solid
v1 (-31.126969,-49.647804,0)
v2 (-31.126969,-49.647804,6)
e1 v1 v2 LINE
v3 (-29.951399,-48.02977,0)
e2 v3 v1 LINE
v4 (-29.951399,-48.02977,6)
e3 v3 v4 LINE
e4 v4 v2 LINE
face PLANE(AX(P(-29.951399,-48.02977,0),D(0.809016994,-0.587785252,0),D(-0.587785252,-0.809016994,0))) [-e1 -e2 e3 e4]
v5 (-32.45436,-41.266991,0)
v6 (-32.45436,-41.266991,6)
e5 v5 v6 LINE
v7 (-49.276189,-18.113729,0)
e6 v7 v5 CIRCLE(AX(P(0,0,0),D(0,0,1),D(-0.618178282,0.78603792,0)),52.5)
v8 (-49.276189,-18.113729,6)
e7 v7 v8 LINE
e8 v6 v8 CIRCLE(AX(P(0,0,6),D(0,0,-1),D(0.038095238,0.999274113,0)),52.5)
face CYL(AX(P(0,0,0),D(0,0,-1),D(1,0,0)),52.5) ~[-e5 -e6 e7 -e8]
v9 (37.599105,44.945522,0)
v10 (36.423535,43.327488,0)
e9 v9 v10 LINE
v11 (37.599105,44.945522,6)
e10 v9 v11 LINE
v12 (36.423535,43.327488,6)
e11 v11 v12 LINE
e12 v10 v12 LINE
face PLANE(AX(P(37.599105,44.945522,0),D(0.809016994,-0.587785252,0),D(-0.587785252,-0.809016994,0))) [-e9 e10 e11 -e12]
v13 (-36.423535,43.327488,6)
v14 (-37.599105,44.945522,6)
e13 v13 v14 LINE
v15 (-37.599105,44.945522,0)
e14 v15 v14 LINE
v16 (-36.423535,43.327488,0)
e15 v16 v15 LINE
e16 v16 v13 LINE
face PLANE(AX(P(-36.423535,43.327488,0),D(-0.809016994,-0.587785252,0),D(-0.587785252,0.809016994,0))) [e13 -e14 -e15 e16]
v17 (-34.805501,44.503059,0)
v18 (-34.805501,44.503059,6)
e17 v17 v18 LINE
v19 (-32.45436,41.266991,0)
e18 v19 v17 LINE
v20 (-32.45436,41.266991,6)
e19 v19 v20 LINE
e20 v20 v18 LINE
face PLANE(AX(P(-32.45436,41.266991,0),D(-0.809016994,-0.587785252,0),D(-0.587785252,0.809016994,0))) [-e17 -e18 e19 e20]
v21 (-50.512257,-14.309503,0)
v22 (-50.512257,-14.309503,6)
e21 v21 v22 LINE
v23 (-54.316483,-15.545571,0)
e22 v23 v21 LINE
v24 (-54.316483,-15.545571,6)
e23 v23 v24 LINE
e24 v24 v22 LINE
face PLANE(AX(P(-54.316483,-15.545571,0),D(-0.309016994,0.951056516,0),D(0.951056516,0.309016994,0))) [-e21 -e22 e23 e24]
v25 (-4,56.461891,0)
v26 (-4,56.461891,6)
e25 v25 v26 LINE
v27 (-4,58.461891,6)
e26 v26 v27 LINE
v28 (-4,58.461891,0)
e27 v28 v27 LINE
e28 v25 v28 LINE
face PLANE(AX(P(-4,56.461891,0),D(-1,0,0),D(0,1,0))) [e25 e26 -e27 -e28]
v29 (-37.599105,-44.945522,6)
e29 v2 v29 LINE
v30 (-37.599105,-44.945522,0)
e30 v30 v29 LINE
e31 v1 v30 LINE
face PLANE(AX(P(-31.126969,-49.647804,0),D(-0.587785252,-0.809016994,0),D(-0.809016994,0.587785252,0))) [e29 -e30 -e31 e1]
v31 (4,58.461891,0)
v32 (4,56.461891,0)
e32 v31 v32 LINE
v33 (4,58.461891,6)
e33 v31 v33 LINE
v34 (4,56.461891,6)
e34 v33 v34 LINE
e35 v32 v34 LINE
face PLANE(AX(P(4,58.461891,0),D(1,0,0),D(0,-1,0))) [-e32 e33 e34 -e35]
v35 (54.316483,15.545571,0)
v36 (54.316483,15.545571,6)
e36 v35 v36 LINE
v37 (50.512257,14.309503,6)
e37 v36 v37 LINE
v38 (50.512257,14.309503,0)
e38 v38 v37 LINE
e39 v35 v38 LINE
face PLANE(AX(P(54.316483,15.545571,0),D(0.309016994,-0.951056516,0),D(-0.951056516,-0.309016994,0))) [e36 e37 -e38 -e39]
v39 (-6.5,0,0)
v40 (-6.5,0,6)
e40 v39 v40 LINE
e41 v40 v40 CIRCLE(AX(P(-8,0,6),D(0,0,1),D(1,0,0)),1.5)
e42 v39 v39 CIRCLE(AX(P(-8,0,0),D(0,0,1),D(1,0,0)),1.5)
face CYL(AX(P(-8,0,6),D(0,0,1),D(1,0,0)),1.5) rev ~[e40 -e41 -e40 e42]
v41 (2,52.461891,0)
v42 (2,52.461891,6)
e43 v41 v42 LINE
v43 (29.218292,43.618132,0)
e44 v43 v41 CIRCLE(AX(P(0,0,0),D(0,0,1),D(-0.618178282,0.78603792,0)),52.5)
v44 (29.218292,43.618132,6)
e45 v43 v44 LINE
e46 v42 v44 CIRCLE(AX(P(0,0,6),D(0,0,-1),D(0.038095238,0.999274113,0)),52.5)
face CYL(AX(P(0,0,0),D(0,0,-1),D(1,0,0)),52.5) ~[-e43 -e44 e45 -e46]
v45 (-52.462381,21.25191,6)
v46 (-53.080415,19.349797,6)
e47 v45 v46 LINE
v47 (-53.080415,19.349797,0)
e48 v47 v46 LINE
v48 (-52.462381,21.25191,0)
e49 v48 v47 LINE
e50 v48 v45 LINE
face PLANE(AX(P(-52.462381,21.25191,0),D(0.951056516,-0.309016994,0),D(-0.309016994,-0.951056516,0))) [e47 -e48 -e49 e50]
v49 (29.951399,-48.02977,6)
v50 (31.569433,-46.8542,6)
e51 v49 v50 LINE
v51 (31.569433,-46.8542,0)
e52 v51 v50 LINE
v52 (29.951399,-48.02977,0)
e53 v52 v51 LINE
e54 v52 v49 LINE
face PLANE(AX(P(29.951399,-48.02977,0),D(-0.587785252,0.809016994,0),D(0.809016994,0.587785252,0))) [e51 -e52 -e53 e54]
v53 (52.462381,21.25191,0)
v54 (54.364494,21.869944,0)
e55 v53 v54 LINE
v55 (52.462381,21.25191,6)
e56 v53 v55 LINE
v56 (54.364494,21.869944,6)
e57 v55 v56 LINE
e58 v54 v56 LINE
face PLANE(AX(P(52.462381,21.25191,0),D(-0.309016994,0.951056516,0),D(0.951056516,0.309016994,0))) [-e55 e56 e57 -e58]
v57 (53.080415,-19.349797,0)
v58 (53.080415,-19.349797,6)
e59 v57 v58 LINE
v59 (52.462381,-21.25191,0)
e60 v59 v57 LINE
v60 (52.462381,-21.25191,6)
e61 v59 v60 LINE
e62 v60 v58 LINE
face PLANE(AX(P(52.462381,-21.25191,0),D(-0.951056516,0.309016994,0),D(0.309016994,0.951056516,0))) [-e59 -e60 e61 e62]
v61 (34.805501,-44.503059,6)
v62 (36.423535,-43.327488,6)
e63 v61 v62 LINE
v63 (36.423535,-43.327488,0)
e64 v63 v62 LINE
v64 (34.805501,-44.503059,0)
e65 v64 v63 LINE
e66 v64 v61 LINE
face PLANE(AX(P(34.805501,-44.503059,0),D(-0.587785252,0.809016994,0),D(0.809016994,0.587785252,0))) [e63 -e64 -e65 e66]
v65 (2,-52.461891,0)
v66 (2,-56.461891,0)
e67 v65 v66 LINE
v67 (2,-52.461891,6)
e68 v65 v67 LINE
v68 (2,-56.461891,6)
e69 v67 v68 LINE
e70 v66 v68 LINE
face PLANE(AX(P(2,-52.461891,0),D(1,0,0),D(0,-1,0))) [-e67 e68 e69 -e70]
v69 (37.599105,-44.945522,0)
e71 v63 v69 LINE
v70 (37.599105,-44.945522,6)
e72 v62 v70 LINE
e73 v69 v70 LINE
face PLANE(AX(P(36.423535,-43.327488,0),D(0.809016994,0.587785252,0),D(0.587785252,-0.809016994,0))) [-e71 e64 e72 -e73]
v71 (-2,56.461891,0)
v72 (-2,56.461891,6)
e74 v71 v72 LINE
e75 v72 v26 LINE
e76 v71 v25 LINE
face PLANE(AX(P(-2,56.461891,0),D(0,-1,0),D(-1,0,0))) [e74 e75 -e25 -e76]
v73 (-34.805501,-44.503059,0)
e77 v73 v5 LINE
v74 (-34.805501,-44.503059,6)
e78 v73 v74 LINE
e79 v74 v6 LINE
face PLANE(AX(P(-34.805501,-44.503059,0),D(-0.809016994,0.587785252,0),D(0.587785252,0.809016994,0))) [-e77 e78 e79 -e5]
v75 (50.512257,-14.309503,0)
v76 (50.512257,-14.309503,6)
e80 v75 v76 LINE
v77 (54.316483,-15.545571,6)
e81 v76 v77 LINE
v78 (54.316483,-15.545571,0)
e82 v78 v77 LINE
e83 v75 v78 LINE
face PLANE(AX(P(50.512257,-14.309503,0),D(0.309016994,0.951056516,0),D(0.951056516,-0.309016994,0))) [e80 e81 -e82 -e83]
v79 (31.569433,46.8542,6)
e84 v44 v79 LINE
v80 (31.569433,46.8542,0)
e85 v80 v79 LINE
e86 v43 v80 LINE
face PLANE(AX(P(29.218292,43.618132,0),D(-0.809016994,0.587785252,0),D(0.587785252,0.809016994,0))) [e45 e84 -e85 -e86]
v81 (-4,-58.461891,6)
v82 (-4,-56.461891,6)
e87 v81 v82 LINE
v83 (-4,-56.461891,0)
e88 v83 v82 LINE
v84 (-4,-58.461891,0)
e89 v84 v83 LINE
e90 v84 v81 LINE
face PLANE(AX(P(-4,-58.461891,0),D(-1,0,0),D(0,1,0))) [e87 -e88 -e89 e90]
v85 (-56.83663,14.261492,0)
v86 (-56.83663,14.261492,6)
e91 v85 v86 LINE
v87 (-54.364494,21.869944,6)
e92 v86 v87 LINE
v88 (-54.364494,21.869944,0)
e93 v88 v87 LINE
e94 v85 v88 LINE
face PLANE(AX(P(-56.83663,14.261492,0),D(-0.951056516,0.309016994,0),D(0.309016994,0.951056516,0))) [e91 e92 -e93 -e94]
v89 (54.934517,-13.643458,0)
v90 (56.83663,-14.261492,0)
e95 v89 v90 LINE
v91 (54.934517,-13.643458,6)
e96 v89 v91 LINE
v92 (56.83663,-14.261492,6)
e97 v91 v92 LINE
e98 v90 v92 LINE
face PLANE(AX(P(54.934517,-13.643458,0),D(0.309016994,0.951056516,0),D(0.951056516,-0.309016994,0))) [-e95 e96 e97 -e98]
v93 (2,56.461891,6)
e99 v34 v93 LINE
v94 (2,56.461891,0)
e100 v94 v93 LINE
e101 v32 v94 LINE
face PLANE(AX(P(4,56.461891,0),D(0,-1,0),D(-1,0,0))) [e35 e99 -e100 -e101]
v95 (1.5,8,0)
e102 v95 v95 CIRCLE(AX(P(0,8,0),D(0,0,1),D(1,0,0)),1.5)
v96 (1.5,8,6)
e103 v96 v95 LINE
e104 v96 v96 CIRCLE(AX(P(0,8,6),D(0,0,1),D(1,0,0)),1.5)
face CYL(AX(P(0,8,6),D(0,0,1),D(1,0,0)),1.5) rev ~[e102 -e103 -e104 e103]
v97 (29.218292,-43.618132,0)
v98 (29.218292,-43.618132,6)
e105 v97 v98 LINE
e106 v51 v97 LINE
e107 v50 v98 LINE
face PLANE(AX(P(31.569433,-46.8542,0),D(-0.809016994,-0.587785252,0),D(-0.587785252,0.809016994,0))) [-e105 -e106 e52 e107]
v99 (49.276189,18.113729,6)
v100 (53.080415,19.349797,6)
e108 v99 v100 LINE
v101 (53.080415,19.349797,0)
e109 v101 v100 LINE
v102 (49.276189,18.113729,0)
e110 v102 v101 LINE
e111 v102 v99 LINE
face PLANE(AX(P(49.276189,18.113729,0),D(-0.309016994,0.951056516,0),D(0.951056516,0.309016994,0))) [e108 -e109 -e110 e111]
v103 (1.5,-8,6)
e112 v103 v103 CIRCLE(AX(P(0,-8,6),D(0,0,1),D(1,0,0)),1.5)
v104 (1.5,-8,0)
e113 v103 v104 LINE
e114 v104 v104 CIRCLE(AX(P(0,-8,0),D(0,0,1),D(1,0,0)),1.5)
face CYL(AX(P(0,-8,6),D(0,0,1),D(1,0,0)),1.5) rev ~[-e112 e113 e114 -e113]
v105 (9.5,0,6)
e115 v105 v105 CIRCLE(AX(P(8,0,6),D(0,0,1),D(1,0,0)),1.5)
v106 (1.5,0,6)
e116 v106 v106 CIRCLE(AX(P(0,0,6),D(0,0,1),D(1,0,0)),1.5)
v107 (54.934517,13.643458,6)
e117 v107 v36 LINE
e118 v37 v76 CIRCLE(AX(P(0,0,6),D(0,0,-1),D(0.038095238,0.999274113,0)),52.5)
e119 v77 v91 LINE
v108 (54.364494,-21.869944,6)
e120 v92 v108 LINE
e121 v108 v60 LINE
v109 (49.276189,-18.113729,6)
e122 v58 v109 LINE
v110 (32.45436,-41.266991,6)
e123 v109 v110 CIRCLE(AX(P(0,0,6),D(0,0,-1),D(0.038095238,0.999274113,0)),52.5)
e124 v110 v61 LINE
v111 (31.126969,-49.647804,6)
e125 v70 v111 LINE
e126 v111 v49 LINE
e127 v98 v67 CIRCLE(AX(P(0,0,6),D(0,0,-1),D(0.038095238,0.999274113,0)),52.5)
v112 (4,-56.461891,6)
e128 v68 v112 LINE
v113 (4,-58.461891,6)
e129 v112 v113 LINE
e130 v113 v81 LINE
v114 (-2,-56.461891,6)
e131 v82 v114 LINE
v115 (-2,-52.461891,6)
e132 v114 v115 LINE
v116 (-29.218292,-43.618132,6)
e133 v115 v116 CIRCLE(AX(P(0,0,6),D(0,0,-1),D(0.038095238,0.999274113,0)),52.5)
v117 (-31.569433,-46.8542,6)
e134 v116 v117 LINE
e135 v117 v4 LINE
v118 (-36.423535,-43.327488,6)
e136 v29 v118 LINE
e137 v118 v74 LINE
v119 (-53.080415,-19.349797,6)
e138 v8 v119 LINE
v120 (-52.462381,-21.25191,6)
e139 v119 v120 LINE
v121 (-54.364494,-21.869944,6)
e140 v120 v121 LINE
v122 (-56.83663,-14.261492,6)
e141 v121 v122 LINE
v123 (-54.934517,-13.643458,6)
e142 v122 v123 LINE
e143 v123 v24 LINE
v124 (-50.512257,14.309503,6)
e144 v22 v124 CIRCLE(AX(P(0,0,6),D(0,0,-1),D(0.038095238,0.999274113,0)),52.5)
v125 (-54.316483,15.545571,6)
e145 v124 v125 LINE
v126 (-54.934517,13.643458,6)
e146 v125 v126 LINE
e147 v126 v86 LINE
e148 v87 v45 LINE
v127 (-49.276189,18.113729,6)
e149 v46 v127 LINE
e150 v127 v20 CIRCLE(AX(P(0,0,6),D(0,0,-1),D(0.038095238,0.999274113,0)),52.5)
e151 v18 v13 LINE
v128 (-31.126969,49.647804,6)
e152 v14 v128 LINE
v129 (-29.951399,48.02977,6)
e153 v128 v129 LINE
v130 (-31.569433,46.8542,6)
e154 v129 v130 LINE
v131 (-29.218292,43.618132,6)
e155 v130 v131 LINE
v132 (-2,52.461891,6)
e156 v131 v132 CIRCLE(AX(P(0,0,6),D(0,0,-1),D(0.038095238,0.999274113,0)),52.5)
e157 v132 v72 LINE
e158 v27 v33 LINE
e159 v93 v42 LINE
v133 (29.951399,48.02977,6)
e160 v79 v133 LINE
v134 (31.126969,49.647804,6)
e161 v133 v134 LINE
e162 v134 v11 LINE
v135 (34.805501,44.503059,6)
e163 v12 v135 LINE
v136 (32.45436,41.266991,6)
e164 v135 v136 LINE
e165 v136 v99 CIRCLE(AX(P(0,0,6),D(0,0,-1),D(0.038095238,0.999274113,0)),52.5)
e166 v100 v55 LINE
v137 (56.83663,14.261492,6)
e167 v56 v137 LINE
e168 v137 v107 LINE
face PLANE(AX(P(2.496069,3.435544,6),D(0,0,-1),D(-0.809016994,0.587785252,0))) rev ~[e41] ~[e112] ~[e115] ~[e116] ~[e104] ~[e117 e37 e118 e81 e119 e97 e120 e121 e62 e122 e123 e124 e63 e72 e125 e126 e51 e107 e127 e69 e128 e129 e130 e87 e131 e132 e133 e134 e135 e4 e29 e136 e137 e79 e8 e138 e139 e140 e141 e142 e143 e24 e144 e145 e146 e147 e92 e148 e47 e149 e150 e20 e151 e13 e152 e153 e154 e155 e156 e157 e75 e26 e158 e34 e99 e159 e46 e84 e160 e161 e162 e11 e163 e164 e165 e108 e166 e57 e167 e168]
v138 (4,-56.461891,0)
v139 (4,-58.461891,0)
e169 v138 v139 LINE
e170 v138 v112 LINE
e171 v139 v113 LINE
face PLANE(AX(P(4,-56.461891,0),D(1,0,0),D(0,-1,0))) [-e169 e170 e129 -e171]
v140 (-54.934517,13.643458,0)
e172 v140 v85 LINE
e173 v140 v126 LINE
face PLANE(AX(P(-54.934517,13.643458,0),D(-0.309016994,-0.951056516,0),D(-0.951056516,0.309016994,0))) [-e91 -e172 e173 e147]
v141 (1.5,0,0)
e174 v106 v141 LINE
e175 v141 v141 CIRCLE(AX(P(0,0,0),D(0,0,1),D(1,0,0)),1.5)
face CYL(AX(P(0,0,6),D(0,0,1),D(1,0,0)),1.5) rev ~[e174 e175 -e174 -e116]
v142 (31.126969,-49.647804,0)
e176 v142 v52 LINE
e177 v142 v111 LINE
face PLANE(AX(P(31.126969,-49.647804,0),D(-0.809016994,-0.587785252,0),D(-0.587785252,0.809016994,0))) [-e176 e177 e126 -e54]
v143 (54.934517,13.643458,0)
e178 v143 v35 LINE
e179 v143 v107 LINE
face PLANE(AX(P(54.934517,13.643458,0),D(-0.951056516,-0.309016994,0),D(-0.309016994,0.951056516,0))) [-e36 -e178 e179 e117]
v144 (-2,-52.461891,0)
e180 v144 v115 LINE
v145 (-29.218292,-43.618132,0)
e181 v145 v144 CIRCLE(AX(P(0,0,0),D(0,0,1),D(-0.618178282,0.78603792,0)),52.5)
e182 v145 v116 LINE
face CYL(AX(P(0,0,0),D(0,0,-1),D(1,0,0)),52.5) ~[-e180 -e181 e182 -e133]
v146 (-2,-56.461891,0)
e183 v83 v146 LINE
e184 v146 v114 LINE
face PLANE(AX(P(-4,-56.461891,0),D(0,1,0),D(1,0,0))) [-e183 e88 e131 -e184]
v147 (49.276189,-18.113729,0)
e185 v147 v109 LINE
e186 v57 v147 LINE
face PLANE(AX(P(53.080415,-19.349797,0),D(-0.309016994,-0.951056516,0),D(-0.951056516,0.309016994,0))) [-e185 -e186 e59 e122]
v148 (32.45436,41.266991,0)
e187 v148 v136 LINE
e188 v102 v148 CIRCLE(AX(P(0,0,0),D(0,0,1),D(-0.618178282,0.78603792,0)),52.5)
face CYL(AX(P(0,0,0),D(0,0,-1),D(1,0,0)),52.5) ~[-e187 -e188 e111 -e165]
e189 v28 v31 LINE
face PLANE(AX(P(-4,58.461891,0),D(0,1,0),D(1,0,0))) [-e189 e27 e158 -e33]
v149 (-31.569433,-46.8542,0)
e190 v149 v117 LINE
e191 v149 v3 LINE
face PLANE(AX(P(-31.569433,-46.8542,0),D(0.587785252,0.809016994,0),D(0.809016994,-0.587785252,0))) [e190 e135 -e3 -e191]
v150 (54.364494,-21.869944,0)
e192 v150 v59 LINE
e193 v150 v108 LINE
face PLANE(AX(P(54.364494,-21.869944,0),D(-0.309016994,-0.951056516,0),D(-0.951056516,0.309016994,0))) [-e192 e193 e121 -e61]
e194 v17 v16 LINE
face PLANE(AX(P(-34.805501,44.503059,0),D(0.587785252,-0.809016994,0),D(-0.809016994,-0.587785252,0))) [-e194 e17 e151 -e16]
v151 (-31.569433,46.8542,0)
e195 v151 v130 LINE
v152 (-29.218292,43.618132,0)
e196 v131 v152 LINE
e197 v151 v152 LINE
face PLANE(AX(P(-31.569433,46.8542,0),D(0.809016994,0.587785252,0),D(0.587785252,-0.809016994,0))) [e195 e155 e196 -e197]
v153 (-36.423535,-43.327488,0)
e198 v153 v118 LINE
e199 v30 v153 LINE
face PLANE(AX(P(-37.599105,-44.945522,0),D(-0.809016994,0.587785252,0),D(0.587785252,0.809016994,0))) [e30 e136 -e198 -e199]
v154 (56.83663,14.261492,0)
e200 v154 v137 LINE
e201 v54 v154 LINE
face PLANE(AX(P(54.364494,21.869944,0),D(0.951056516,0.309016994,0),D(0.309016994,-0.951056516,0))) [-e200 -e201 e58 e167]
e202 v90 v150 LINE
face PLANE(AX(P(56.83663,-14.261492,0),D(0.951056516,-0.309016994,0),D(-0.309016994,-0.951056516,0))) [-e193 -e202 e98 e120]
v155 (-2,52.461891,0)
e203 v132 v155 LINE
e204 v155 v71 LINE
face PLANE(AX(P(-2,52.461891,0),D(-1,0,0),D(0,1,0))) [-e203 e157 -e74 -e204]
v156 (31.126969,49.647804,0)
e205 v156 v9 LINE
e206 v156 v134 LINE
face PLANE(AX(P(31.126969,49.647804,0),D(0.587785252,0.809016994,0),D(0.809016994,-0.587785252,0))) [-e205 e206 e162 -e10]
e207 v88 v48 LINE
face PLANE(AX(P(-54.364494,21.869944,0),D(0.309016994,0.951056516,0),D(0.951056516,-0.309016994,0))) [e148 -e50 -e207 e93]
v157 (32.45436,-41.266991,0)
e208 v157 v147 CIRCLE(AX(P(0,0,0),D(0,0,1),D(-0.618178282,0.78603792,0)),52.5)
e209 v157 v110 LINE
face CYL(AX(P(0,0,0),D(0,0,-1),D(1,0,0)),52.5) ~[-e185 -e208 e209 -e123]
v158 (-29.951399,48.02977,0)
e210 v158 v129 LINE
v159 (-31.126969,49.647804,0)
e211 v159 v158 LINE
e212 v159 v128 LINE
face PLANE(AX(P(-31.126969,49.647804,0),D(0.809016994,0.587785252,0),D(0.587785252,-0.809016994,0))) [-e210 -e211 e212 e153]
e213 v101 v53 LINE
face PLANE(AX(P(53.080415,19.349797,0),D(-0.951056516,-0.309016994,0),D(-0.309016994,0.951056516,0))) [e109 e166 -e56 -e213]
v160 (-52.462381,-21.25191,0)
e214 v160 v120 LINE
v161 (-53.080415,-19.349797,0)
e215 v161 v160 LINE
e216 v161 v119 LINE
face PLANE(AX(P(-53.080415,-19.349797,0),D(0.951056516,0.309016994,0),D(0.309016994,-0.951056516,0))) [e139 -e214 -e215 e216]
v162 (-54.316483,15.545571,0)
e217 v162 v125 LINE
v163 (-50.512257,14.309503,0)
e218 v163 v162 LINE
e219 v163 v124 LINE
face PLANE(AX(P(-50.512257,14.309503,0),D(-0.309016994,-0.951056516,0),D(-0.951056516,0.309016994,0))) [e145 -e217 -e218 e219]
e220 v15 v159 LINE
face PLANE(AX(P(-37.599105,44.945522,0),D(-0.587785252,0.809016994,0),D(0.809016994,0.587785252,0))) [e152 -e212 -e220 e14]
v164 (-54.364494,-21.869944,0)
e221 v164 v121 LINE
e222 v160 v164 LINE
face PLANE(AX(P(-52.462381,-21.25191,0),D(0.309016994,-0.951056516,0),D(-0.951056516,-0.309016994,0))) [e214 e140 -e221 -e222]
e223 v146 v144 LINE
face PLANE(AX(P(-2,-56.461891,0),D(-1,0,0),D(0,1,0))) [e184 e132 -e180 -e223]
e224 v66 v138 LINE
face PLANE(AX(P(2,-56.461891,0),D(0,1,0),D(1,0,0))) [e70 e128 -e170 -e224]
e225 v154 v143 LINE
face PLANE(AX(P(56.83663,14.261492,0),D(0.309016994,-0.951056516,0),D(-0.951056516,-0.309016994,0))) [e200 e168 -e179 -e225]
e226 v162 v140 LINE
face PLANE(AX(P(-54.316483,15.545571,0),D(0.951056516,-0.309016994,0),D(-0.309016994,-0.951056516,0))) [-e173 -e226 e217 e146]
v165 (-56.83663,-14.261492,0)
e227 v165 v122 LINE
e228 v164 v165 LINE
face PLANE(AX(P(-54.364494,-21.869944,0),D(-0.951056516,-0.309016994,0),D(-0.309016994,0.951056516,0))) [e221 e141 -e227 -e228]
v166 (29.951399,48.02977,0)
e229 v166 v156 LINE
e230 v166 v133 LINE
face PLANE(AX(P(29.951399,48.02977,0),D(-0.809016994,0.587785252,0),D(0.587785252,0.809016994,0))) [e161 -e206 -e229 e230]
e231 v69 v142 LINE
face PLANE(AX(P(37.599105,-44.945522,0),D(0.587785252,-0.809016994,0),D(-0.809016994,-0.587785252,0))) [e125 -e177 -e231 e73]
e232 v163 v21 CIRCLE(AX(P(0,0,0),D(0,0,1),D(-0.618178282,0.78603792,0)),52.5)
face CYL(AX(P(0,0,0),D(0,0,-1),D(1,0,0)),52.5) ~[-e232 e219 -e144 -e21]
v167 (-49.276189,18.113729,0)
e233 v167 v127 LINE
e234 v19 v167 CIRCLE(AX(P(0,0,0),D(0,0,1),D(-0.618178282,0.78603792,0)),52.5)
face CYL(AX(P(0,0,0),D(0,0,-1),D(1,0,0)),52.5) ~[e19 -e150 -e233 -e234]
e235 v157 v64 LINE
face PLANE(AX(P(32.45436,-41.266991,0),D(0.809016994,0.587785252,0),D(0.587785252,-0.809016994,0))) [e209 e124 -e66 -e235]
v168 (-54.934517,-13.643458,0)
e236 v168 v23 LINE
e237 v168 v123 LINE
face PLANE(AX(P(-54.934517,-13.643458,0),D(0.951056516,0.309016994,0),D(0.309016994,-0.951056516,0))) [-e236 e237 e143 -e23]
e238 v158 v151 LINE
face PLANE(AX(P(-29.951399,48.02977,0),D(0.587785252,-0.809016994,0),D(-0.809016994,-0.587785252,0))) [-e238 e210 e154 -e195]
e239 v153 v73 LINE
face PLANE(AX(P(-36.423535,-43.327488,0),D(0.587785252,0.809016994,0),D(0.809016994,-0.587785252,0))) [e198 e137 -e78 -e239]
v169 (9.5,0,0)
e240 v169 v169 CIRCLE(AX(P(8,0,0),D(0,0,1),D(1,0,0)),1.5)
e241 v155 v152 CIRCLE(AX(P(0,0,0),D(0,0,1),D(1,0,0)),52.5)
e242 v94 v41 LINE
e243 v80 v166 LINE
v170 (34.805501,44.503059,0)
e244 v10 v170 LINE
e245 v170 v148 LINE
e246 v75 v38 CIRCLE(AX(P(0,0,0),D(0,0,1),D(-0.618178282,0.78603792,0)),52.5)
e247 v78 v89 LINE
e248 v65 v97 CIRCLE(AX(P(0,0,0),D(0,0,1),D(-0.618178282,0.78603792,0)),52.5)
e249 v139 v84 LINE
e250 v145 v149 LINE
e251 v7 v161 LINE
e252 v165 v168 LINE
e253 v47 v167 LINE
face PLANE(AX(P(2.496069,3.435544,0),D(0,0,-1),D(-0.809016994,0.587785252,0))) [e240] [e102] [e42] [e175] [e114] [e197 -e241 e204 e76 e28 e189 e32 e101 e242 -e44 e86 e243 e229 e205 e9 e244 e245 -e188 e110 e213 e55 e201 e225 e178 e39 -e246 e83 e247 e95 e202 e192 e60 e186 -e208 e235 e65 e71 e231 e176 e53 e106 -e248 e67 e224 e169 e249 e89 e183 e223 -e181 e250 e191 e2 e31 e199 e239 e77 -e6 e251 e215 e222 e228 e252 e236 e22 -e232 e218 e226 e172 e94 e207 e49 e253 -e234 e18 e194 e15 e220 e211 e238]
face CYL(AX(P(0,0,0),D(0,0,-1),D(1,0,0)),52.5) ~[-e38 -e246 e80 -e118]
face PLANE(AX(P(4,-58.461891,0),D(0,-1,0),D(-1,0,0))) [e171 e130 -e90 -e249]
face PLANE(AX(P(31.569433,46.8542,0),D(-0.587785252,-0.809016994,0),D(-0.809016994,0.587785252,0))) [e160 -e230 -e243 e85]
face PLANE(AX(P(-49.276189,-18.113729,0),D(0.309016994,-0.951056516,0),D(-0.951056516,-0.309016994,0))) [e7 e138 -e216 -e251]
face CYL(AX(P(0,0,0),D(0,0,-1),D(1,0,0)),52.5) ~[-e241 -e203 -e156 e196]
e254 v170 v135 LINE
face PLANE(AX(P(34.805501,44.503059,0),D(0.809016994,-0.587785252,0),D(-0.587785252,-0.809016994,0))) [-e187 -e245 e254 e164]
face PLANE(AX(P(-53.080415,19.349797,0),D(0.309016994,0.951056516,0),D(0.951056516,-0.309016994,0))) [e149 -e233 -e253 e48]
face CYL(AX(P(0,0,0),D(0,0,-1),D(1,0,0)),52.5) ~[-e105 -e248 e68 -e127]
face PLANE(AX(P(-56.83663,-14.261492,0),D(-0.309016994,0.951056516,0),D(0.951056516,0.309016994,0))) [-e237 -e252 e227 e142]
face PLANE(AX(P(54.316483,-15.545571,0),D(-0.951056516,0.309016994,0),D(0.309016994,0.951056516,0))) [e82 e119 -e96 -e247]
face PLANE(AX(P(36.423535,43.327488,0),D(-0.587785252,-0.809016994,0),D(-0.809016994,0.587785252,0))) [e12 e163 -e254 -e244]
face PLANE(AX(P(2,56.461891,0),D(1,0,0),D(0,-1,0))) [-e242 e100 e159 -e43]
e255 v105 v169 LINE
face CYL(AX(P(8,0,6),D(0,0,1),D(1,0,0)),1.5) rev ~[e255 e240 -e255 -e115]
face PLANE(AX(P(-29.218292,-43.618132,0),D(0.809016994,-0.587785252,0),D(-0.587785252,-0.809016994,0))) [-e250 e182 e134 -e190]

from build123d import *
from build123d.topology import SkipClean

# Parameters (mm, degrees)
SKETCH1_R           = 52.5
BOSS_EXTRUDE1_DEPTH = 2
BOSS_EXTRUDE2_DEPTH = 6
CIRPATTERN1_COUNT   = 10
SKETCH4_R           = 1.5
CUT_EXTRUDE2_DEPTH  = 10


with BuildPart() as part:
    # Sketch1 → Boss-Extrude1 (new body)
    with BuildSketch(Plane.XY):
        Circle(SKETCH1_R)
    extrude(amount=BOSS_EXTRUDE1_DEPTH)

    # Sketch6 → Boss-Extrude2 (add)
    with SkipClean():  # the faces are left unmerged after this step: merging them gives an invalid solid
        with BuildSketch(Plane.XY):
            with BuildLine():
                Line((-2, 52.46189093), (-2, 56.46189093))
                Line((-2, 56.46189093), (-4, 56.46189093))
                Line((-4, 56.46189093), (-4, 58.46189093))
                Line((-4, 58.46189093), (4, 58.46189093))
                Line((4, 58.46189093), (4, 56.46189093))
                Line((4, 56.46189093), (2, 56.46189093))
                Line((2, 56.46189093), (2, 52.46189093))
                ThreePointArc((2, 52.46189093), (0, -52.5), (-2, 52.46189093))
            make_face()
        boss_extrude2 = extrude(amount=BOSS_EXTRUDE2_DEPTH)

    # CirPattern1: Boss-Extrude2 ×10 about axis
    cirpattern1_axis = Axis((0, 0, 0), (0, 0, 1))
    for i in range(1, CIRPATTERN1_COUNT):
        add(boss_extrude2.rotate(cirpattern1_axis, i * 360 / CIRPATTERN1_COUNT))

    # Sketch4 → Cut-Extrude2 (cut, symmetric)
    with BuildSketch(Plane.XY.offset(6)):
        with Locations((0, 8)):
            Circle(SKETCH4_R)
        Circle(SKETCH4_R)
        with Locations((8, 0)):
            Circle(SKETCH4_R)
        with Locations((0, -8)):
            Circle(SKETCH4_R)
        with Locations((-8, 0)):
            Circle(SKETCH4_R)
    extrude(amount=CUT_EXTRUDE2_DEPTH, both=True, mode=Mode.SUBTRACT)


solid = part.part
